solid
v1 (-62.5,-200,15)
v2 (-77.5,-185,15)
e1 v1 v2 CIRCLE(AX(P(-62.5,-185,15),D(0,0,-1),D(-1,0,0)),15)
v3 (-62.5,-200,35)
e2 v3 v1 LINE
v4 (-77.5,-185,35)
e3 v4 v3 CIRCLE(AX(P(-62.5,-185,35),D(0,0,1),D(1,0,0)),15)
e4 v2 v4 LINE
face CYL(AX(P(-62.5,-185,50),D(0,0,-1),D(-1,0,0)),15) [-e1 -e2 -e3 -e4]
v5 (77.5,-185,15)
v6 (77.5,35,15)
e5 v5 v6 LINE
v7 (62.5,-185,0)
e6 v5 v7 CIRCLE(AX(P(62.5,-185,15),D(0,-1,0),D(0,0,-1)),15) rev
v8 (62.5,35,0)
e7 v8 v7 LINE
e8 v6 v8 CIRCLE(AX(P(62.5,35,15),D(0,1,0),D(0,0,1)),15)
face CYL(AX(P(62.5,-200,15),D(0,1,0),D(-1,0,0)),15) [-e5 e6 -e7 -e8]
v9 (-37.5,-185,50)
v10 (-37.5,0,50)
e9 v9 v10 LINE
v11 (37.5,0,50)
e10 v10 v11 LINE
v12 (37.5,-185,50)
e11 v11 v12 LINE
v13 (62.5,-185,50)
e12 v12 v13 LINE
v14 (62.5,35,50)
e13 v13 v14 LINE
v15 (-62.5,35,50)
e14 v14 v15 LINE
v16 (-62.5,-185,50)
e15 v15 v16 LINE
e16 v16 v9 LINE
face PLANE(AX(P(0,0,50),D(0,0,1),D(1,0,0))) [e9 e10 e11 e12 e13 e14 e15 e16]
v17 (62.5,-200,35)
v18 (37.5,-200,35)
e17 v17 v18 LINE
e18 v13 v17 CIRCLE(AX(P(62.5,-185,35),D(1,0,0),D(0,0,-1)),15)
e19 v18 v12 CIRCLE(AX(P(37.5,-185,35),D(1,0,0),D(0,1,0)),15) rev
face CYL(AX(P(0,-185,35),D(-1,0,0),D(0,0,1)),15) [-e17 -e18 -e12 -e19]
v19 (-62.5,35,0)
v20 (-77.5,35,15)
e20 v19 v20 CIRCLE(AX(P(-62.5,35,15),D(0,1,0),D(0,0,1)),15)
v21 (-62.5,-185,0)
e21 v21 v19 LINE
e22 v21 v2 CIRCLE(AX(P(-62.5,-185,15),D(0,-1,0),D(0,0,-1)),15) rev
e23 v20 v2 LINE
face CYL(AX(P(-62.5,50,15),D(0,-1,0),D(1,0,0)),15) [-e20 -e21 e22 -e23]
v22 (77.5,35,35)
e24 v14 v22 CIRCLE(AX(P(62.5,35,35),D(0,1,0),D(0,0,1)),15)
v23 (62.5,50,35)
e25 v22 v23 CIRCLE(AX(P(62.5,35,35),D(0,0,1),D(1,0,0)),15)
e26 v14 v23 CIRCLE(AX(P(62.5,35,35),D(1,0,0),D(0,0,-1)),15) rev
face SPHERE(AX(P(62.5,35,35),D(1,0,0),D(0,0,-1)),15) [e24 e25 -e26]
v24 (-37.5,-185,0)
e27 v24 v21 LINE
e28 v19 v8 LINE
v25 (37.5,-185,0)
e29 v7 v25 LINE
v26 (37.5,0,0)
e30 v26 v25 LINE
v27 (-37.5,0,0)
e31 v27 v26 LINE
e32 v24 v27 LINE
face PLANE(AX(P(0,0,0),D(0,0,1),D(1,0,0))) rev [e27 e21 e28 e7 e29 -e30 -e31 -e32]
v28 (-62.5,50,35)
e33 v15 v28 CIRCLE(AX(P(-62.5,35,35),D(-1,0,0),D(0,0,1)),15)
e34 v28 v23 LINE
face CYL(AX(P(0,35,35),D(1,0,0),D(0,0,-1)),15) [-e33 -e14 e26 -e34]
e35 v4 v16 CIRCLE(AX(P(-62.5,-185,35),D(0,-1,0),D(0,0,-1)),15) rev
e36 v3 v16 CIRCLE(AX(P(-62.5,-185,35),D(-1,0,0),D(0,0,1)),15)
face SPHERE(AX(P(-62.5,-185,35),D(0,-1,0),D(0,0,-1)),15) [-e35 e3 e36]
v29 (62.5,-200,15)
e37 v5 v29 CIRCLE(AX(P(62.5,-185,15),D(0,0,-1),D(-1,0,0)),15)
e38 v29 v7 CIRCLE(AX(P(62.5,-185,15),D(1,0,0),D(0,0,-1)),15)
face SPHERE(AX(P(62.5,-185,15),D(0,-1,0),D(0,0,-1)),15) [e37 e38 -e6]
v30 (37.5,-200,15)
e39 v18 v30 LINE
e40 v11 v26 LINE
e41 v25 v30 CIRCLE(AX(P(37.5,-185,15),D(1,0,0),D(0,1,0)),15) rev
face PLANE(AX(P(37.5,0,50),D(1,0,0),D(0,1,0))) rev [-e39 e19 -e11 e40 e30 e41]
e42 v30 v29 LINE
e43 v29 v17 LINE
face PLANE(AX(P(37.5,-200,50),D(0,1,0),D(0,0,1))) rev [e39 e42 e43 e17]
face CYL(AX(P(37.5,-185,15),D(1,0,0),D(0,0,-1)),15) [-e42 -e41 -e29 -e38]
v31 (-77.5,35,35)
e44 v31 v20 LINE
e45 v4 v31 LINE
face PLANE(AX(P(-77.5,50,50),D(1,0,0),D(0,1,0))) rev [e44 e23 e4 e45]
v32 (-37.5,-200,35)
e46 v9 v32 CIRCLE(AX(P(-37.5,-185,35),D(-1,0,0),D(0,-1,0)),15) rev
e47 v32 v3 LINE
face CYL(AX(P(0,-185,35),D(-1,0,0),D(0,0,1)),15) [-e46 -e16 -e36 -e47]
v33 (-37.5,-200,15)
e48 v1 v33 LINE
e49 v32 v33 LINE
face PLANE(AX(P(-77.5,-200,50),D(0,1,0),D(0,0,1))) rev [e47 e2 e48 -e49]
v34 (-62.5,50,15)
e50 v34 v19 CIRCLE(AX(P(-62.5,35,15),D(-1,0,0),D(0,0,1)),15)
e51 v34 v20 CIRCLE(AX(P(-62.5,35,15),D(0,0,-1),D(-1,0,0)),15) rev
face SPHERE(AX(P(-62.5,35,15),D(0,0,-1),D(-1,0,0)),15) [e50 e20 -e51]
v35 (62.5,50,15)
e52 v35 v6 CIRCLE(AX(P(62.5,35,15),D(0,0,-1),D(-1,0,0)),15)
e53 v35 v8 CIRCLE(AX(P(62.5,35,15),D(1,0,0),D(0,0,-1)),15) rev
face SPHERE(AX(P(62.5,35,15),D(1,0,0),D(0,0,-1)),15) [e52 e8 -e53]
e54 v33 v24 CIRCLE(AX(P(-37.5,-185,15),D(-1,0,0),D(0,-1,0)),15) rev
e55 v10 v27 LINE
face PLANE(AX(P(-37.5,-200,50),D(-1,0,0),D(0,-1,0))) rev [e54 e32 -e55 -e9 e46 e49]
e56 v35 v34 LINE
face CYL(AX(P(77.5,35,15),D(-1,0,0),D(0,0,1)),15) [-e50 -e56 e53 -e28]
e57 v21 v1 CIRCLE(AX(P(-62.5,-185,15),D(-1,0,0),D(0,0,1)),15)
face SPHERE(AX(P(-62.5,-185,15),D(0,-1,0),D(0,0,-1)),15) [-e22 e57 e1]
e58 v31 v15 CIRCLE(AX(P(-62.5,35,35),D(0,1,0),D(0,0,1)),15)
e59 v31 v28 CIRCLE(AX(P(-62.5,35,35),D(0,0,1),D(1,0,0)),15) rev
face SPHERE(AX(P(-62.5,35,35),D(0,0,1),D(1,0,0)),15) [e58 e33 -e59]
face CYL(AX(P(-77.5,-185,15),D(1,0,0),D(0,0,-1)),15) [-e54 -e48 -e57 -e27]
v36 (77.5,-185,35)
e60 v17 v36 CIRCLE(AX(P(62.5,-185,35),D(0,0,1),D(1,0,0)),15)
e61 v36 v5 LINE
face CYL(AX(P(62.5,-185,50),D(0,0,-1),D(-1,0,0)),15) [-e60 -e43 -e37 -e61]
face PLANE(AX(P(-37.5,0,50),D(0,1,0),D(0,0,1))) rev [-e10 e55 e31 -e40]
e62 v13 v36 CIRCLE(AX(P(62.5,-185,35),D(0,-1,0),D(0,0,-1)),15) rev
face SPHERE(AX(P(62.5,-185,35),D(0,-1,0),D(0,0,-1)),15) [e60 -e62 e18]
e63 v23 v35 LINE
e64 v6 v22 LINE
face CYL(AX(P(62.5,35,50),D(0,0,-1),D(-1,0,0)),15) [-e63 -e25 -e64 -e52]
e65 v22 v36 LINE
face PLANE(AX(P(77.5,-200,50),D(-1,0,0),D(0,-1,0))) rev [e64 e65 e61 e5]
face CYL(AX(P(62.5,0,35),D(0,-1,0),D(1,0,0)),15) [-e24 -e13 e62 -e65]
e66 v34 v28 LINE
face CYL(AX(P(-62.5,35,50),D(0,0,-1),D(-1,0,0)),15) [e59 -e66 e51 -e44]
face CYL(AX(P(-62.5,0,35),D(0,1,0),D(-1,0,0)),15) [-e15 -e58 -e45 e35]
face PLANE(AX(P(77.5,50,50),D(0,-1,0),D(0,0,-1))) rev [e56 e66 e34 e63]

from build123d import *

# Parameters (mm, degrees)
BOSS_EXTRUDE1_DEPTH = 50
FILLET1_R           = 15


with BuildPart() as part:
    # Sketch1 → Boss-Extrude1 (new body)
    with BuildSketch(Plane.XY):
        Polygon((-37.5, -200), (-37.5, 0), (37.5, 0), (37.5, -200), (77.5, -200), (77.5, 50), (-77.5, 50), (-77.5, -200), align=None)
    extrude(amount=BOSS_EXTRUDE1_DEPTH)

    # Fillet1
    fillet1_edges = [part.edges().sort_by_distance(p)[0] for p in [
        (-57.5, -200, 0),
        (-77.5, -200, 25),
        (-77.5, 50, 25),
        (77.5, 50, 25),
        (77.5, -200, 25),
        (57.5, -200, 50),
        (77.5, -75, 50),
        (0, 50, 50),
        (-77.5, -75, 50),
        (-57.5, -200, 50),
        (-77.5, -75, 0),
        (0, 50, 0),
        (77.5, -75, 0),
        (57.5, -200, 0),
    ]]
    fillet(fillet1_edges, radius=FILLET1_R)


solid = part.part
